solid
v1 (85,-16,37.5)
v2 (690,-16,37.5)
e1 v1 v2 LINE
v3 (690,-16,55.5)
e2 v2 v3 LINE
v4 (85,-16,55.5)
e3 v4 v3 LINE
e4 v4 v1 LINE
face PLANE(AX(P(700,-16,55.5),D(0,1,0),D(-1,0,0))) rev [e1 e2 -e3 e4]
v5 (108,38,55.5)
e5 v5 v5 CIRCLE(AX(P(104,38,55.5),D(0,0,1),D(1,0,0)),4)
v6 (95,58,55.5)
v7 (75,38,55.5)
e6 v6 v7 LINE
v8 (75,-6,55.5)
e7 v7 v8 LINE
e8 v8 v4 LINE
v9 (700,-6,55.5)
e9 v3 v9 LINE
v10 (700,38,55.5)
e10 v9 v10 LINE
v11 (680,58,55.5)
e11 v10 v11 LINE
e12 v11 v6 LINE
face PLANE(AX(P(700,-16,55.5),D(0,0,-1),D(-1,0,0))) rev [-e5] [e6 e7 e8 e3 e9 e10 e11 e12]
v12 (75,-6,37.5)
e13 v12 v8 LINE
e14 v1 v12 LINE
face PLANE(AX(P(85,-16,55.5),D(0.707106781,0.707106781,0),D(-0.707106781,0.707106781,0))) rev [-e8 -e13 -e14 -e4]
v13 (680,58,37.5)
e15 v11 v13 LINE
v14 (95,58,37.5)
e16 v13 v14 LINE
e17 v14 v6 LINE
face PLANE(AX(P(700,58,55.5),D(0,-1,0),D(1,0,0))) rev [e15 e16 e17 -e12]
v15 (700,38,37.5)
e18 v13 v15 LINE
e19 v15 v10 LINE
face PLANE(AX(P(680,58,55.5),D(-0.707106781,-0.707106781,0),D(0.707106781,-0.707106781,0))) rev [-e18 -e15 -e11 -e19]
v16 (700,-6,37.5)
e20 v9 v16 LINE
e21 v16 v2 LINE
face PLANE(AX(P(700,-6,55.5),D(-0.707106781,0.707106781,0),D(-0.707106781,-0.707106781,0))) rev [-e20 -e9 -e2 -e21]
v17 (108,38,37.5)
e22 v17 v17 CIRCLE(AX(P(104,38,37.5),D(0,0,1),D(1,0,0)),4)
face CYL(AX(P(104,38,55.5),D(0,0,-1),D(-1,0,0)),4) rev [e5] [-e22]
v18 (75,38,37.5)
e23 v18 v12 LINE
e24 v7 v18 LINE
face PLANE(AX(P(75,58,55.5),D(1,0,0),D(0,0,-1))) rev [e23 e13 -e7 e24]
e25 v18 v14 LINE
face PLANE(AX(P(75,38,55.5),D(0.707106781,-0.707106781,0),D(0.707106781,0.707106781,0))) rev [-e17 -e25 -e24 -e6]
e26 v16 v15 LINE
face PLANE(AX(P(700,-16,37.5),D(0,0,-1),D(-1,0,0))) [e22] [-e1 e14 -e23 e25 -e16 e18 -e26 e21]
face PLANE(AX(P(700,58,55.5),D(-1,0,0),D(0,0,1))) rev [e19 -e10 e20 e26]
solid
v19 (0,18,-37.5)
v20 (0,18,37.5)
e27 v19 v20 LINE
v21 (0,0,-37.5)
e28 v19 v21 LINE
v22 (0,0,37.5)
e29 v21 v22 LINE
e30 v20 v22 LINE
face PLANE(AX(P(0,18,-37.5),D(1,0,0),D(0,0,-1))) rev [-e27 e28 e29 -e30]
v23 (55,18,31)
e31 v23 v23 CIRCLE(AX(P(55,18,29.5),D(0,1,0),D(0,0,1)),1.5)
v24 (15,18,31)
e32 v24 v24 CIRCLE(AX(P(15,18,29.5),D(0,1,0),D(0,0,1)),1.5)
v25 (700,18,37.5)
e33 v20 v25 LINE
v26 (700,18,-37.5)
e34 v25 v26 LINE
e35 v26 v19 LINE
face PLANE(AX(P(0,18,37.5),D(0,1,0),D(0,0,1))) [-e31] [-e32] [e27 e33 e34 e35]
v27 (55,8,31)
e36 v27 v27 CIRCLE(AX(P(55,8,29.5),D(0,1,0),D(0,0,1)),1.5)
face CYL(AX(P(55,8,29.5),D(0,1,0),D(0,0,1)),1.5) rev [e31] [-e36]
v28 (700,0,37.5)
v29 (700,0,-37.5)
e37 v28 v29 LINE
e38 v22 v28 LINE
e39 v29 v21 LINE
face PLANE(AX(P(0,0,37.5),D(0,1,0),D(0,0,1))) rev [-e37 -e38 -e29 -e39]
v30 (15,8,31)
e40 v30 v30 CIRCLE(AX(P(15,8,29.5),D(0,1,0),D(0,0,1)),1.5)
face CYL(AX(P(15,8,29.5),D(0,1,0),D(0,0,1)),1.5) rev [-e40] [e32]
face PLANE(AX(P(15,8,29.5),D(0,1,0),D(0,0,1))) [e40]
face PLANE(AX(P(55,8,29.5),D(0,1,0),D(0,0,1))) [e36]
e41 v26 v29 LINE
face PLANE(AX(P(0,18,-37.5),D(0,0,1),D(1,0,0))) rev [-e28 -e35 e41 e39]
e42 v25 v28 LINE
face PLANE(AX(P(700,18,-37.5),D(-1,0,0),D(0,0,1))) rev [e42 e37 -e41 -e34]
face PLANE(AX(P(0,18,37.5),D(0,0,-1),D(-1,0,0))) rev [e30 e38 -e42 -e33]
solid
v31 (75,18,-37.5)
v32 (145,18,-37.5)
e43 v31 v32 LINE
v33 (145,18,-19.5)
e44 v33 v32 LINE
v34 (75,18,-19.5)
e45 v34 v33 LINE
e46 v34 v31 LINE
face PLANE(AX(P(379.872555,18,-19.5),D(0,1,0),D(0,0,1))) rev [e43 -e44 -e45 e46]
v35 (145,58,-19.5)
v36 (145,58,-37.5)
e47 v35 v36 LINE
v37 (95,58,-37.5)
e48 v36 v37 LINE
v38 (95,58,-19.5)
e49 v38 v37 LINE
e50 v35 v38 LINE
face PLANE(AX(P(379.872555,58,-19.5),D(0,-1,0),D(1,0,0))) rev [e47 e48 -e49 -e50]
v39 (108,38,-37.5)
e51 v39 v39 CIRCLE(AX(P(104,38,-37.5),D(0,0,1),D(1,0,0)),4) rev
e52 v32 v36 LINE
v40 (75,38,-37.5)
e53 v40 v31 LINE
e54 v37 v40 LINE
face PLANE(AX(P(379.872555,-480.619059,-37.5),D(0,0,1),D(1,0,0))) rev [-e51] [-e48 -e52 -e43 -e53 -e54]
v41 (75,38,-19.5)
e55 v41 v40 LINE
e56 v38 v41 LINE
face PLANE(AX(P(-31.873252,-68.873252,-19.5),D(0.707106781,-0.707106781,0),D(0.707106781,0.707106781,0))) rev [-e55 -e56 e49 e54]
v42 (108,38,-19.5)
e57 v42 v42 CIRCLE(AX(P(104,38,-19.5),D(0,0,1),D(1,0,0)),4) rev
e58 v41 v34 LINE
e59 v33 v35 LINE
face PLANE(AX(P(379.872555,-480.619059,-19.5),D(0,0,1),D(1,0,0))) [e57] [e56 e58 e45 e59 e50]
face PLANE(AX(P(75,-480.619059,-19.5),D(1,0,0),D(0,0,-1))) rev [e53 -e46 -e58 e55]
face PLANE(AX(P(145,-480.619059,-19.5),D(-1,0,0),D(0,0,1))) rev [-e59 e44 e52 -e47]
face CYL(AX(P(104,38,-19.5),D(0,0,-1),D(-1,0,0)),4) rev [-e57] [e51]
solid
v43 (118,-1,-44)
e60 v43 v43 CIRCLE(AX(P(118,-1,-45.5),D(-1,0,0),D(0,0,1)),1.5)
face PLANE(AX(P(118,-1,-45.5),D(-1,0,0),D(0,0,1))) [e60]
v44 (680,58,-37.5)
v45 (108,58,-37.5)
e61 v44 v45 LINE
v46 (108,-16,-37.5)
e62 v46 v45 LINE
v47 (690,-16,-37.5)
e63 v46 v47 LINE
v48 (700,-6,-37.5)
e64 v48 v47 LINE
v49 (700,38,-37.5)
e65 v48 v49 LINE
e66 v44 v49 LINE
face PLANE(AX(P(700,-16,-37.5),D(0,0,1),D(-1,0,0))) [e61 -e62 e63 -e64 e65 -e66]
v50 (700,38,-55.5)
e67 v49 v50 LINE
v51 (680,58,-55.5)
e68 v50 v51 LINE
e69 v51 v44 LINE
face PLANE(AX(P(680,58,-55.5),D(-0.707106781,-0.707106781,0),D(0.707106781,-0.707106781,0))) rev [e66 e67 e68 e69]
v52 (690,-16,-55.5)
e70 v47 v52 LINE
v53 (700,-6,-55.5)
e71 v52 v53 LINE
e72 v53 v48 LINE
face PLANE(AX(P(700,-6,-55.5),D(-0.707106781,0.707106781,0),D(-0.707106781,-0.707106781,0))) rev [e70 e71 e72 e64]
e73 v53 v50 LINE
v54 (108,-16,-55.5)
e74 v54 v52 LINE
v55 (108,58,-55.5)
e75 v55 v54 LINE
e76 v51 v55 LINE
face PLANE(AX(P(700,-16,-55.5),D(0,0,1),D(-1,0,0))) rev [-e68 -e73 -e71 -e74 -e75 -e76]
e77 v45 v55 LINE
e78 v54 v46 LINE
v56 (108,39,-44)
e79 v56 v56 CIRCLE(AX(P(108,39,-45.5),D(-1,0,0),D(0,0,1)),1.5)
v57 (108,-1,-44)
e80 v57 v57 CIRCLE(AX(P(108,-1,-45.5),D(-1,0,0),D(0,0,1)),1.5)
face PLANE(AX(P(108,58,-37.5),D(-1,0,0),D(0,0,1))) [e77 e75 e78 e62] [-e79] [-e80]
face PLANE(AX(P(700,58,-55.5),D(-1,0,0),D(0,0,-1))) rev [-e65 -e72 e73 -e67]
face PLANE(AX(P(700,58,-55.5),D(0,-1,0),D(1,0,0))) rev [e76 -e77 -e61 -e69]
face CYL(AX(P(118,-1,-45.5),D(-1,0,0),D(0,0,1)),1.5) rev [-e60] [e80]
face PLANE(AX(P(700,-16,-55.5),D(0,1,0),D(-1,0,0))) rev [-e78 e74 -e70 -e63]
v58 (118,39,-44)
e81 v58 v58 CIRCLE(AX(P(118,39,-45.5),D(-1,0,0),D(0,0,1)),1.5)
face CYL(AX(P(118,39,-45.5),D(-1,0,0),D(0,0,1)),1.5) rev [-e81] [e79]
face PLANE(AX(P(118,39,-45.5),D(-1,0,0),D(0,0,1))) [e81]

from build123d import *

# Parameters (mm, degrees)
SKETCH1_W           = 700
SKETCH1_H           = 75
BOSS_EXTRUDE1_DEPTH = 18
SKETCH2_W           = 625
SKETCH2_H           = 74
SKETCH2_R           = 4
BOSS_EXTRUDE2_DEPTH = 18
CHAMFER1_SIZE       = 20
CHAMFER2_SIZE       = 10
SKETCH3_R           = 4
BOSS_EXTRUDE3_DEPTH = 18
SKETCH4_W           = 18
SKETCH4_H           = 74
CUT_EXTRUDE1_DEPTH  = 33
SKETCH5_R           = 1.5
CUT_EXTRUDE2_DEPTH  = 10
SKETCH6_R           = 1.5
CUT_EXTRUDE3_DEPTH  = 10


with BuildPart() as part:
    # Sketch1 → Boss-Extrude1 (new body)
    with BuildSketch(Plane(origin=(0, 0, 0), x_dir=(1, 0, 0), z_dir=(0, 1, 0))):
        with Locations((350, 0)):
            Rectangle(SKETCH1_W, SKETCH1_H)
    extrude(amount=BOSS_EXTRUDE1_DEPTH)

    # Sketch6 → Cut-Extrude3 (cut)
    with BuildSketch(Plane(origin=(0, 18, 0), x_dir=(1, 0, 0), z_dir=(0, 1, 0))):
        with Locations(Location((55, -29.5, 0), (0, 0, 270))):
            Circle(SKETCH6_R)
        with Locations(Location((15, -29.5, 0), (0, 0, 270))):
            Circle(SKETCH6_R)
    extrude(amount=-CUT_EXTRUDE3_DEPTH, mode=Mode.SUBTRACT)


with BuildPart() as body_2:
    # Sketch2 → Boss-Extrude2 (new body)
    with BuildSketch(Plane.XY.offset(37.5)):
        with Locations((387.5, 21)):
            Rectangle(SKETCH2_W, SKETCH2_H)
        with Locations((104, 38)):
            Circle(SKETCH2_R, mode=Mode.SUBTRACT)
    extrude(amount=BOSS_EXTRUDE2_DEPTH)

    # Chamfer1
    chamfer1_edges = [body_2.edges().sort_by_distance(p)[0] for p in [
        (75, 58, 46.5),
        (700, 58, 46.5),
    ]]
    chamfer(chamfer1_edges, length=CHAMFER1_SIZE)

    # Chamfer2
    chamfer2_edges = [body_2.edges().sort_by_distance(p)[0] for p in [
        (700, -16, 46.5),
        (75, -16, 46.5),
    ]]
    chamfer(chamfer2_edges, length=CHAMFER2_SIZE)


with BuildPart() as body_3:
    # Mirror1: mirrored copy
    add(body_2.part.mirror(Plane.XY))

    # Sketch4 → Cut-Extrude1 (cut)
    with BuildSketch(Plane.ZY.offset(-75)):
        with Locations((-46.5, 21)):
            Rectangle(SKETCH4_W, SKETCH4_H)
    extrude(amount=-CUT_EXTRUDE1_DEPTH, mode=Mode.SUBTRACT)

    # Sketch5 → Cut-Extrude2 (cut)
    with BuildSketch(Plane.ZY.offset(-108)):
        with Locations((-45.5, -1)):
            Circle(SKETCH5_R)
        with Locations((-45.5, 39)):
            Circle(SKETCH5_R)
    extrude(amount=-CUT_EXTRUDE2_DEPTH, mode=Mode.SUBTRACT)


with BuildPart() as body_4:
    # Sketch3 → Boss-Extrude3 (new body)
    with BuildSketch(Plane.XY.offset(-37.5)):
        Polygon((75, 38), (75, 18), (145, 18), (145, 58), (95, 58), align=None)
        with Locations((104, 38)):
            Circle(SKETCH3_R, mode=Mode.SUBTRACT)
    extrude(amount=BOSS_EXTRUDE3_DEPTH)


solid = Compound([part.part, body_2.part, body_3.part, body_4.part])
